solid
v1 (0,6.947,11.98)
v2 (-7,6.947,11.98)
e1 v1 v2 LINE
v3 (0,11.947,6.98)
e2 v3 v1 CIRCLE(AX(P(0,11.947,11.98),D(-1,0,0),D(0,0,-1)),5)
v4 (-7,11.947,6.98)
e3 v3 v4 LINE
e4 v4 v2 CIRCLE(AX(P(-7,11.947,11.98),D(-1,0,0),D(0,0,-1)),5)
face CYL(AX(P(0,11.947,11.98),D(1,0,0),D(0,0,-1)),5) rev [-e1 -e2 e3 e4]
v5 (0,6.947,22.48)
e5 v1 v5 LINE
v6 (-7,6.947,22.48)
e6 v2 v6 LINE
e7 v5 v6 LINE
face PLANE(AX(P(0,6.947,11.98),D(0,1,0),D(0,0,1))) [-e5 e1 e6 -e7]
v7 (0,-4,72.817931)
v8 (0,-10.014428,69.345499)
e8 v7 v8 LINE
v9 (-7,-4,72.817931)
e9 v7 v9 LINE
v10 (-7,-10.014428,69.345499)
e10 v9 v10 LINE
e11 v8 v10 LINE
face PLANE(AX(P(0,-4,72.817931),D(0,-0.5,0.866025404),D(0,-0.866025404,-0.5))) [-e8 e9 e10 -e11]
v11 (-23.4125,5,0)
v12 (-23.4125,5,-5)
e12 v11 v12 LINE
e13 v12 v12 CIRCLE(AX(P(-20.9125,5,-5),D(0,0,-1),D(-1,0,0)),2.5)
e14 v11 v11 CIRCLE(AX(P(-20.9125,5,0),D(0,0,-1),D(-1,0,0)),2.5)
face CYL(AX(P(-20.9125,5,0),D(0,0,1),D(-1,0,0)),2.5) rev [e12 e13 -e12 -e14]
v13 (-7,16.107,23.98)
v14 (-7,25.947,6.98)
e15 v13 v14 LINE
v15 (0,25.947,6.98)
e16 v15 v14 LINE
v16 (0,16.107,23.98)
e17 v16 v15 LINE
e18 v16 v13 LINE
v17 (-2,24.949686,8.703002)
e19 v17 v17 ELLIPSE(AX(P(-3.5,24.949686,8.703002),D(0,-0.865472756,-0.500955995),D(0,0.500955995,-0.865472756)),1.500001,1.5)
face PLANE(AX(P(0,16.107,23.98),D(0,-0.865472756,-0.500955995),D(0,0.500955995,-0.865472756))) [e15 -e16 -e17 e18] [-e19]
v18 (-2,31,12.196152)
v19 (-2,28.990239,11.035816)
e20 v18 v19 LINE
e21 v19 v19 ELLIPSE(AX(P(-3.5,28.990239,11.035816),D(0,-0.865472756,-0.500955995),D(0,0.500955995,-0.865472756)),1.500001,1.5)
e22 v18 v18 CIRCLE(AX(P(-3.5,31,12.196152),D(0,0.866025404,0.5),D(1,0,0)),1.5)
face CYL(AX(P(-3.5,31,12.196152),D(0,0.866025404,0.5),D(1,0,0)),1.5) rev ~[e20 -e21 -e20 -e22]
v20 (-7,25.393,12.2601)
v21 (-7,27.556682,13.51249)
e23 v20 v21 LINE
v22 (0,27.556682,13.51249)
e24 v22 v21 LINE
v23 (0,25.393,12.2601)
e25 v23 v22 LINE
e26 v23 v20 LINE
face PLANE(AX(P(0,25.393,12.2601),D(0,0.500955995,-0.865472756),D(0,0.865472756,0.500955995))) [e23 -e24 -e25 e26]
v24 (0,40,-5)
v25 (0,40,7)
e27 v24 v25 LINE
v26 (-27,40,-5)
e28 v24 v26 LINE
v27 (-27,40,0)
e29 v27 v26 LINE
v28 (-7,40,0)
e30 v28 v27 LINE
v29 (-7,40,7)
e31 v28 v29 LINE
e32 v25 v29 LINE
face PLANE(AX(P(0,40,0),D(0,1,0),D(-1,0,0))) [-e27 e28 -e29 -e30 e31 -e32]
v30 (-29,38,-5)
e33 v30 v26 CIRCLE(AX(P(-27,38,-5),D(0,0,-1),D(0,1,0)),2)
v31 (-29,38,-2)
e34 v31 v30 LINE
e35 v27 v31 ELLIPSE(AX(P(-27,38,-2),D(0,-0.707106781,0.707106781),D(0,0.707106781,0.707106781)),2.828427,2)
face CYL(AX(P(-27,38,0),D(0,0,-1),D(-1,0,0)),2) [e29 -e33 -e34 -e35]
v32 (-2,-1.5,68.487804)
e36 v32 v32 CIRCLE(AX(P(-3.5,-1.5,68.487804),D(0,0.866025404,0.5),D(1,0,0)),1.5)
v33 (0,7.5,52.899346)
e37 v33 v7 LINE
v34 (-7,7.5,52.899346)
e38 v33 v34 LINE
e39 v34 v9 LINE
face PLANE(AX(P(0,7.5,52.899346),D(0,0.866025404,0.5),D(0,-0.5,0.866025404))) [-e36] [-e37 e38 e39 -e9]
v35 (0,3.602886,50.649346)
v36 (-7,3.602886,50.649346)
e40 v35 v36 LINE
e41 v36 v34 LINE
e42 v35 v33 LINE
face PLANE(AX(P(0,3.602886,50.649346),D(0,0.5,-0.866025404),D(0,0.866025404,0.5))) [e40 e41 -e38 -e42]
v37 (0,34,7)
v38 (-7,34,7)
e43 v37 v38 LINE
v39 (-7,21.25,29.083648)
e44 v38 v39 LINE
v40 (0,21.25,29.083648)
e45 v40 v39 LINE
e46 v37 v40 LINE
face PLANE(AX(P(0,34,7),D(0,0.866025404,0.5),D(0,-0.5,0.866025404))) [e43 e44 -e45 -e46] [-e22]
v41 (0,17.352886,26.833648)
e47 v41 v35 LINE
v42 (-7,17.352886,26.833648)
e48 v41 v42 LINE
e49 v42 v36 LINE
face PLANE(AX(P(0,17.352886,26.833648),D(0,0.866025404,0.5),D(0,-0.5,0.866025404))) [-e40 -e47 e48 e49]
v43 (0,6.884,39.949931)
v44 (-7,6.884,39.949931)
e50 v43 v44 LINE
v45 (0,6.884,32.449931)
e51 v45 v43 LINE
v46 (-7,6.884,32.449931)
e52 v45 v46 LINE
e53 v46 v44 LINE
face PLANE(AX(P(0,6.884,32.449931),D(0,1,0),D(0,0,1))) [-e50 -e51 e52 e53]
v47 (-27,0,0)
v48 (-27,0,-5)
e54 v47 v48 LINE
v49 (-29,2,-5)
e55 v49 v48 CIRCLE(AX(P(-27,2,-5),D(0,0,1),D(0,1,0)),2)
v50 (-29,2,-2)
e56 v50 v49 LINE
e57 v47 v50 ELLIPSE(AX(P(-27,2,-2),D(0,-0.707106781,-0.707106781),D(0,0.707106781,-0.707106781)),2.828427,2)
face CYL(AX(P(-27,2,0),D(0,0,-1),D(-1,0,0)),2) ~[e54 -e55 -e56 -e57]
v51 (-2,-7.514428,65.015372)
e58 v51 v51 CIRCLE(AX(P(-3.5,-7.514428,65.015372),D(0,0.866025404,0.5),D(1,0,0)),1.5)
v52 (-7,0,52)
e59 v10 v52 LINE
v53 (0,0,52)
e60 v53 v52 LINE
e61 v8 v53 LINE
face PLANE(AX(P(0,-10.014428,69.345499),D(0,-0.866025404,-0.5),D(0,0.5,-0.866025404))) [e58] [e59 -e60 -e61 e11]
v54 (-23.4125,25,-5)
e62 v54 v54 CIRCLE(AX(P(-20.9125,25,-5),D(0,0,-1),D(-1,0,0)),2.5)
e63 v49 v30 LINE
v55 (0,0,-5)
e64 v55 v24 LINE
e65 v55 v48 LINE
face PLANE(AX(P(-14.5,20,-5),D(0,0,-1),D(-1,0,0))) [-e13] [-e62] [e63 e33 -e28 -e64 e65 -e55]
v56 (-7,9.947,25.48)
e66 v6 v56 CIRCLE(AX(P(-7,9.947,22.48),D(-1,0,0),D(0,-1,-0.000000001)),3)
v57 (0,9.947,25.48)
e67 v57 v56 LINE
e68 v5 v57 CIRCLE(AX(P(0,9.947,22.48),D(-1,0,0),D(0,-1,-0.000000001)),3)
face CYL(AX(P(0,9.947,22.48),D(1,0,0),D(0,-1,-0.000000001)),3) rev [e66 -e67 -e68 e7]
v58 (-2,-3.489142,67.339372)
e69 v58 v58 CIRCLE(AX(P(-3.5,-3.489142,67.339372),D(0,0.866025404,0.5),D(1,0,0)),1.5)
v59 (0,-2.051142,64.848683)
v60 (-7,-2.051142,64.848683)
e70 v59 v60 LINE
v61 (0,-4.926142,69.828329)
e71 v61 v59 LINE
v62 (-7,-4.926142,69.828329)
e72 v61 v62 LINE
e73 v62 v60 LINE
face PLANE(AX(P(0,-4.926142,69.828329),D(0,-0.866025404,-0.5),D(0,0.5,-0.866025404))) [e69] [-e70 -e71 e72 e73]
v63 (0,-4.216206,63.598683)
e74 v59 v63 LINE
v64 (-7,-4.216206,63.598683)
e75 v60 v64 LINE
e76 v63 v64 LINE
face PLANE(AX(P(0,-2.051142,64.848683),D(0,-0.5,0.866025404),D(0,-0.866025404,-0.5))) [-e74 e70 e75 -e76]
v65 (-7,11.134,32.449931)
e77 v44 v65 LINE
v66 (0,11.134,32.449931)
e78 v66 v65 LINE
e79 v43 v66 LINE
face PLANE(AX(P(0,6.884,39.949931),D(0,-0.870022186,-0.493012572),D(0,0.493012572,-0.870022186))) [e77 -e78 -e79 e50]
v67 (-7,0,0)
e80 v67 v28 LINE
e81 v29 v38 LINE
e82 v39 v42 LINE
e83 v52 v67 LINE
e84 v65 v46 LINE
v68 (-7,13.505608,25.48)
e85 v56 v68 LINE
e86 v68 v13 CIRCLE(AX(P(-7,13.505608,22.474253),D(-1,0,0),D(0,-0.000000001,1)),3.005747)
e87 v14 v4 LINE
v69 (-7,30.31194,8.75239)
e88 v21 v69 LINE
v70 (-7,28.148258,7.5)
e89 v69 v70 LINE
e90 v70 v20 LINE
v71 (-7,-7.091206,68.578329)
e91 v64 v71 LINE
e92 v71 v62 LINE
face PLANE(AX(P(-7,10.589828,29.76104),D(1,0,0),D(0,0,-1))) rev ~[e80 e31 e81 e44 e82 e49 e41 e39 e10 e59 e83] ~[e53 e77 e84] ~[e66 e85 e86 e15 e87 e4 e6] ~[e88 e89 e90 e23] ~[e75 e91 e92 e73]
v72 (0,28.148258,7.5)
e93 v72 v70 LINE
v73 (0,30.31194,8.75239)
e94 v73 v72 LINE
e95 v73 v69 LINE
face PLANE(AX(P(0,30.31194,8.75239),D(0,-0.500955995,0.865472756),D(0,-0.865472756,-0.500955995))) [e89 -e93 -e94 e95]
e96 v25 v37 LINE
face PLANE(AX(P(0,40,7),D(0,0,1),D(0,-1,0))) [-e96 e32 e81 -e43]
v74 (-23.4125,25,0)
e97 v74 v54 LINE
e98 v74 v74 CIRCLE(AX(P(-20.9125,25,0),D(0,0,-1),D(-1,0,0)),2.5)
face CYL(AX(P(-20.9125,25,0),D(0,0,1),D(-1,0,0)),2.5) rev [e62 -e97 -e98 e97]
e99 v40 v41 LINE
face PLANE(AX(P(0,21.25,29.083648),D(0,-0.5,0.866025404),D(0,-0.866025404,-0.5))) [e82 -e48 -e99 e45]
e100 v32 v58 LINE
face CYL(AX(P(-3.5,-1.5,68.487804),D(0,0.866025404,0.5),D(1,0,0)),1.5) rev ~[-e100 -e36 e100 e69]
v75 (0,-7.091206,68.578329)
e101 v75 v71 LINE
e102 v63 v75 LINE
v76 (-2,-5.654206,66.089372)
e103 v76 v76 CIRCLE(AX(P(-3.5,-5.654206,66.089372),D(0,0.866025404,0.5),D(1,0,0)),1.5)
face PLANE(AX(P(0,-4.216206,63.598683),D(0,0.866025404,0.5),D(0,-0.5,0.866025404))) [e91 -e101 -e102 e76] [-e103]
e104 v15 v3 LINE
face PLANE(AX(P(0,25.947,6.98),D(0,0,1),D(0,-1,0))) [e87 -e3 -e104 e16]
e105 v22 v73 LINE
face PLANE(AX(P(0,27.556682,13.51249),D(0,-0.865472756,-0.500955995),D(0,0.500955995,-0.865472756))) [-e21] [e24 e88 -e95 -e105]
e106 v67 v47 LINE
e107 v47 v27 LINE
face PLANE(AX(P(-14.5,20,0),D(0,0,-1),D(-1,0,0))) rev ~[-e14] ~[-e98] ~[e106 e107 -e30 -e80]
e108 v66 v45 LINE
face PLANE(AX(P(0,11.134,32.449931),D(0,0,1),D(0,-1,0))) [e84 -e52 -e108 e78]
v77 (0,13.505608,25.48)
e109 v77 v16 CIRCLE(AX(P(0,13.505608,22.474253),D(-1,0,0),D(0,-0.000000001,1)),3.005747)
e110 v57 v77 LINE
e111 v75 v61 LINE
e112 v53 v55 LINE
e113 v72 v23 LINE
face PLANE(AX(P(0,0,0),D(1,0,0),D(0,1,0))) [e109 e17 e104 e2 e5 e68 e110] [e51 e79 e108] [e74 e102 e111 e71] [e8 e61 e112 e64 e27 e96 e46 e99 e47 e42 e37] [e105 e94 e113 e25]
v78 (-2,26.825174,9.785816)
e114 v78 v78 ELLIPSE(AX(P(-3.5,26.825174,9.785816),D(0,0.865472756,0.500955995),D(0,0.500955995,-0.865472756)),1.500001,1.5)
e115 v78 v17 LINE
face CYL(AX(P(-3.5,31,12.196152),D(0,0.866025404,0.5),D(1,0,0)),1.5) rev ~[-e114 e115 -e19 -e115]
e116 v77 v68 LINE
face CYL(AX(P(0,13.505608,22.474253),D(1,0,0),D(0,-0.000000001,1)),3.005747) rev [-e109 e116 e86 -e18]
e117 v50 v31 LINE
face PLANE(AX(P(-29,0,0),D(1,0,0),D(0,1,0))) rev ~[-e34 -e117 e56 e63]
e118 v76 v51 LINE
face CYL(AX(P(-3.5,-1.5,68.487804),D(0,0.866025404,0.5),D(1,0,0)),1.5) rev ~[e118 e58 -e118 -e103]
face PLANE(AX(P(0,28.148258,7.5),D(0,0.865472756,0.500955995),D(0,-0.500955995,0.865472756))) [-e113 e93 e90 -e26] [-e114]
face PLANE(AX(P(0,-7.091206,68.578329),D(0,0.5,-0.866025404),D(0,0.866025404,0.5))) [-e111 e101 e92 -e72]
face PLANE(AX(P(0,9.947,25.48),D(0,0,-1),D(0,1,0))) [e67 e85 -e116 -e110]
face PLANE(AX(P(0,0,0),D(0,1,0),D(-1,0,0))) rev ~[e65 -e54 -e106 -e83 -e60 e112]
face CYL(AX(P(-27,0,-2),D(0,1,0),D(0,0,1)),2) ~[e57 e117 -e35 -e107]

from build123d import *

# Parameters (mm, degrees)
BOSS_EXTRUDE1_DEPTH = 7
SKETCH2_W           = 29
SKETCH2_H           = 40
SKETCH2_R           = 2.5
BOSS_EXTRUDE2_DEPTH = 5
FILLET1_R           = 2
SKETCH3_R           = 1.5
CUT_EXTRUDE1_DEPTH  = 7.5


with BuildPart() as part:
    # Sketch1 → Boss-Extrude1 (new body)
    with BuildSketch(Plane(origin=(0, 0, 0), x_dir=(0, 0, -1), z_dir=(1, 0, 0))):
        Polygon((0, 0), (0, 40), (-7, 40), (-7, 34), (-29.083647797, 21.25), (-26.833647797, 17.352885683), (-50.649346401, 3.602885683), (-52.899346401, 7.5), (-72.817930688, -4), (-69.345498823, -10.014428415), (-52, 0), align=None)
        Polygon((-69.828328815, -4.926142338), (-64.848682743, -2.051142338), (-63.598682743, -4.216205848), (-68.578328815, -7.091205848), align=None, mode=Mode.SUBTRACT)
        Polygon((-39.949930688, 6.884), (-32.449930688, 11.134), (-32.449930688, 6.884), align=None, mode=Mode.SUBTRACT)
        with BuildLine():
            Line((-6.98, 25.947), (-6.98, 11.947))
            ThreePointArc((-6.98, 11.947), (-8.444466094, 8.411466094), (-11.98, 6.947))
            Line((-11.98, 6.947), (-22.48, 6.947))
            ThreePointArc((-22.48, 6.947), (-24.601320344, 7.825679656), (-25.48, 9.947))
            Line((-25.48, 9.947), (-25.48, 13.505607896))
            ThreePointArc((-25.48, 13.505607896), (-25.078135635, 15.007043949), (-23.98, 16.107))
            Line((-23.98, 16.107), (-6.98, 25.947))
        make_face(mode=Mode.SUBTRACT)
        Polygon((-13.512490144, 27.556681889), (-8.752389988, 30.311939862), (-7.5, 28.148257973), (-12.260100157, 25.393), align=None, mode=Mode.SUBTRACT)
    extrude(amount=-BOSS_EXTRUDE1_DEPTH)

    # Sketch2 → Boss-Extrude2 (add)
    with BuildSketch(Plane(origin=(0, 0, 0), x_dir=(-1, 0, 0), z_dir=(0, 0, -1))):
        with Locations((14.5, 20)):
            Rectangle(SKETCH2_W, SKETCH2_H)
        with Locations((20.9125, 25)):
            Circle(SKETCH2_R, mode=Mode.SUBTRACT)
        with Locations((20.9125, 5)):
            Circle(SKETCH2_R, mode=Mode.SUBTRACT)
    extrude(amount=BOSS_EXTRUDE2_DEPTH)

    # Fillet1
    fillet1_edges = [part.edges().sort_by_distance(p)[0] for p in [
        (-29, 20, 0),
        (-29, 0, -2.5),
        (-29, 40, -2.5),
    ]]
    fillet(fillet1_edges, radius=FILLET1_R)

    # Sketch3 → Cut-Extrude1 (cut)
    with BuildSketch(Plane(origin=(0, 28.531088913, 16.472431864), x_dir=(1, 0, 0), z_dir=(0, 0.866025404, 0.5))):
        with Locations((-3.5, 4.937822174)):
            Circle(SKETCH3_R)
        with Locations((-3.5, -60.062177826)):
            Circle(SKETCH3_R)
    extrude(amount=-CUT_EXTRUDE1_DEPTH, mode=Mode.SUBTRACT)


solid = part.part
